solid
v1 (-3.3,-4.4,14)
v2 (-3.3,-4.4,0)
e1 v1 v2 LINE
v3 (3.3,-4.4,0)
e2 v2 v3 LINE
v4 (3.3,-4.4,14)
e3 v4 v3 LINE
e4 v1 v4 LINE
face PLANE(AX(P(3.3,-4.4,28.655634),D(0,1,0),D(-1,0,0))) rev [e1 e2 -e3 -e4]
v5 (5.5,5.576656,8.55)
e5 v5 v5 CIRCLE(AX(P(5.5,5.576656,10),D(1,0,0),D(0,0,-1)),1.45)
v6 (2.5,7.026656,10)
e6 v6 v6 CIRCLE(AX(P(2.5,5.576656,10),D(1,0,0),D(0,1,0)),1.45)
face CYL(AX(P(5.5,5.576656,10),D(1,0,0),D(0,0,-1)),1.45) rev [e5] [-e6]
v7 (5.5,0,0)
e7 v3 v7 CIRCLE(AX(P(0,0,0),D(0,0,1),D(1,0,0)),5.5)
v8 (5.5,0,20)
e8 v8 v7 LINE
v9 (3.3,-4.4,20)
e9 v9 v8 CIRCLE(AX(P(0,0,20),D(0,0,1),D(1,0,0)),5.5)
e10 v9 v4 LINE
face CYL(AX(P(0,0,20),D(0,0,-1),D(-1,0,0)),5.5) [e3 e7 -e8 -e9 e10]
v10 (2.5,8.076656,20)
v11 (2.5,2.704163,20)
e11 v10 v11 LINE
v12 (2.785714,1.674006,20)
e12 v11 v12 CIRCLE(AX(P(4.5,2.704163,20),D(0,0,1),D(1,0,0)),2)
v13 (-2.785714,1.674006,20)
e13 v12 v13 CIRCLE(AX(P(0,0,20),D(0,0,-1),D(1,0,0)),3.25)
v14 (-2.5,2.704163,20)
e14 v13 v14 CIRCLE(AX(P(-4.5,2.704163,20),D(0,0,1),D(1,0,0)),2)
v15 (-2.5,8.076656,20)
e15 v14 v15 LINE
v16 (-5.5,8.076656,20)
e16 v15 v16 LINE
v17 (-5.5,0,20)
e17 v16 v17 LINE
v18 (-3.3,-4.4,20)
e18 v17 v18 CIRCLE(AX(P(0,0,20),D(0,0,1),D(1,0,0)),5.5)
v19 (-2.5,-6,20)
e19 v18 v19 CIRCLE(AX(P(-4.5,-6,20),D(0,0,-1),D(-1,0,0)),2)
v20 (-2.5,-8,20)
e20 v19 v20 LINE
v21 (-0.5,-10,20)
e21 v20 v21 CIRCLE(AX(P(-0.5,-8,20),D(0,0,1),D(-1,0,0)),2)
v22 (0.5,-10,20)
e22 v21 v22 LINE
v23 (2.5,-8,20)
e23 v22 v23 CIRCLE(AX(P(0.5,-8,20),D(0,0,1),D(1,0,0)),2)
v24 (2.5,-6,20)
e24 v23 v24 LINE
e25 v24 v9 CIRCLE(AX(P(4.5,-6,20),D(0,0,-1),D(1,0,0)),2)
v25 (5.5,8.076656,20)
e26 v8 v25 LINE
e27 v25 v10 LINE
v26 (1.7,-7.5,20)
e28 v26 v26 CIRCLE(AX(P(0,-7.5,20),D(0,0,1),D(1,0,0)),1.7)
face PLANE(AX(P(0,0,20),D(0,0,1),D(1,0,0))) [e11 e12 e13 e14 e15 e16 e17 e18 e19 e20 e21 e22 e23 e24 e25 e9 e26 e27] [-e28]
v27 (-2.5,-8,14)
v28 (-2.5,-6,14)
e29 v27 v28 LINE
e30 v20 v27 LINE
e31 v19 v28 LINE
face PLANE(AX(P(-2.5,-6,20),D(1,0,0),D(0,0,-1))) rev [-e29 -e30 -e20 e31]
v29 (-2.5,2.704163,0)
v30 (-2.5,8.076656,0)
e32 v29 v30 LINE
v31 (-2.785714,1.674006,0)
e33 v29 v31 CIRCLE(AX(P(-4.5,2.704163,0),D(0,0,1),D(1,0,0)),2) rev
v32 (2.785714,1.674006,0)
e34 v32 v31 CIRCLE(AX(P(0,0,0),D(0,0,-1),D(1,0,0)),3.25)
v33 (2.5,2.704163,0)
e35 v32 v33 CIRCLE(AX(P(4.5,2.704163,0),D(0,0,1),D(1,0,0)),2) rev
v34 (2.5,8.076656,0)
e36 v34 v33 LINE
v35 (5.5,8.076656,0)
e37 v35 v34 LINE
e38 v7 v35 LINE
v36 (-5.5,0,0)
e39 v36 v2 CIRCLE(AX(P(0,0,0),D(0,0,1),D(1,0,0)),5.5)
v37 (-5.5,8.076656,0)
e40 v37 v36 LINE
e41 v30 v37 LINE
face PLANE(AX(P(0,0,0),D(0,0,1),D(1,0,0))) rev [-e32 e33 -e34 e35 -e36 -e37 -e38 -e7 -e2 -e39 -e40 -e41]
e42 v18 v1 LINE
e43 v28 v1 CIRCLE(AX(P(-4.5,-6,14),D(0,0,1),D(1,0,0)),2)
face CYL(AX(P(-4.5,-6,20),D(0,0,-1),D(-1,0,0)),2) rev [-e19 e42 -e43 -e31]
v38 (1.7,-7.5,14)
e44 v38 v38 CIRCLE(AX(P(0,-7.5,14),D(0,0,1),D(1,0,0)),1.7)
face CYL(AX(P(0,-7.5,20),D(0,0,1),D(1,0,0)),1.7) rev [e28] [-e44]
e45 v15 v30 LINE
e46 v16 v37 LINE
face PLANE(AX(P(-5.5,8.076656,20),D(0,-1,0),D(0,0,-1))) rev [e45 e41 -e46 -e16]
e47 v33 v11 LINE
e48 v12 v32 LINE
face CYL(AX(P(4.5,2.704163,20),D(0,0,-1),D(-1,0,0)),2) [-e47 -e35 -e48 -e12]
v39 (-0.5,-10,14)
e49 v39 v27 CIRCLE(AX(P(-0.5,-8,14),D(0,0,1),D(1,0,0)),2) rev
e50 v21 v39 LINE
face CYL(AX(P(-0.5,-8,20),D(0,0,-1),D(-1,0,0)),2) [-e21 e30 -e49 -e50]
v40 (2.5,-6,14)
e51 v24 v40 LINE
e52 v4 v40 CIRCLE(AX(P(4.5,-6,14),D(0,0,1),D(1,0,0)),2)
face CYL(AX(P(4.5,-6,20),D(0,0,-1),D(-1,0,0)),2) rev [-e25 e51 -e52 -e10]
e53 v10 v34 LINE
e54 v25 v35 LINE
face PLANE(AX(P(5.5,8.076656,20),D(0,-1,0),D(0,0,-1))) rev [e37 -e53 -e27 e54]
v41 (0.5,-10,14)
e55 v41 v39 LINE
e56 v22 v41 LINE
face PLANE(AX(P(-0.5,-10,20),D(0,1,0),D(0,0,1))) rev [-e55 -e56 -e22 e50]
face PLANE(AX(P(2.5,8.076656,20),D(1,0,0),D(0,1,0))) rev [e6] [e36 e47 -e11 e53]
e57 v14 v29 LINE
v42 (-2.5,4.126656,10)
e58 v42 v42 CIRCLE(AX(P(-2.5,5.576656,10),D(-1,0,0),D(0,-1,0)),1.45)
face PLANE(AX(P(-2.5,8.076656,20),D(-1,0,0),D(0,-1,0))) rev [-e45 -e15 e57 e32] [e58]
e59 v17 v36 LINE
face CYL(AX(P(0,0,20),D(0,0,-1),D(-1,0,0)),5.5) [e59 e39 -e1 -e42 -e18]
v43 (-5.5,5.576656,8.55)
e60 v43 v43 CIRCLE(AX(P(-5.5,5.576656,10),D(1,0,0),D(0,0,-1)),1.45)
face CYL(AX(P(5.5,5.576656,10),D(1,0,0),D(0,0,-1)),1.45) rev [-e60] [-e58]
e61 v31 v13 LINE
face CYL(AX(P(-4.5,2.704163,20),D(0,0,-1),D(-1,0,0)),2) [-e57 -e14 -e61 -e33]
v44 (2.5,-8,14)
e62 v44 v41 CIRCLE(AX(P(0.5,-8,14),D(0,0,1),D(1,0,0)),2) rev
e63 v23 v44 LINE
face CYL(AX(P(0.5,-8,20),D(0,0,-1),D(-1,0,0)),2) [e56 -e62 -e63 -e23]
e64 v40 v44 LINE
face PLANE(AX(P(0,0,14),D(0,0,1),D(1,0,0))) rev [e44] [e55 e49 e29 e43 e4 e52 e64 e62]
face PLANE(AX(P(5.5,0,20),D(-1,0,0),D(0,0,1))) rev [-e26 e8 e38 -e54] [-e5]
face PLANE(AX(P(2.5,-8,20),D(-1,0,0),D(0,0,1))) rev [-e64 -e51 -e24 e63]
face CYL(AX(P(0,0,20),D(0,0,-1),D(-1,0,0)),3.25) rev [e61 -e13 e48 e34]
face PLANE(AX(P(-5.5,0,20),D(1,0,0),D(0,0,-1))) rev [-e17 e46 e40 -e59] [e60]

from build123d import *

# Parameters (mm, degrees)
BOSS_EXTRU_1_DEPTH      = 20
D_GAGEMENT_M2_51_D      = 2.9
ENL_V_MAT_EXTRU_1_DEPTH = 14
D_GAGEMENT_M31_D        = 3.4
CONG_1_R                = 2


with BuildPart() as part:
    # Esquisse1 → Boss.-Extru.1 (new body)
    with BuildSketch(Plane.XY):
        with BuildLine():
            Line((-5.5, 0), (-5.5, 8.076655966))
            Line((-5.5, 8.076655966), (-2.5, 8.076655966))
            Line((-2.5, 8.076655966), (-2.5, 2.076655966))
            ThreePointArc((-2.5, 2.076655966), (0, -3.25), (2.5, 2.076655966))
            Line((2.5, 2.076655966), (2.5, 8.076655966))
            Line((2.5, 8.076655966), (5.5, 8.076655966))
            Line((5.5, 8.076655966), (5.5, 0))
            ThreePointArc((5.5, 0), (4.91934955, -2.459674775), (3.3, -4.4))
            ThreePointArc((3.3, -4.4), (2.711145618, -5.105572809), (2.5, -6))
            Line((2.5, -6), (2.5, -8))
            ThreePointArc((2.5, -8), (1.914213562, -9.414213562), (0.5, -10))
            Line((0.5, -10), (-0.5, -10))
            ThreePointArc((-0.5, -10), (-1.914213562, -9.414213562), (-2.5, -8))
            Line((-2.5, -8), (-2.5, -6))
            ThreePointArc((-2.5, -6), (-2.711145618, -5.105572809), (-3.3, -4.4))
            ThreePointArc((-3.3, -4.4), (-4.91934955, -2.459674775), (-5.5, 0))
        make_face()
    extrude(amount=BOSS_EXTRU_1_DEPTH)

    # Dégagement M2.51 (through all)
    with Locations(Plane(origin=(5.5, 0, 0), x_dir=(0, 0, -1), z_dir=(1, 0, 0))):
        with Locations((-10, 5.576655966)):
            Hole(D_GAGEMENT_M2_51_D / 2)

    # Esquisse5 → Enlèv. mat.-Extru.1 (cut)
    with BuildSketch(Plane(origin=(0, 0, 0), x_dir=(-1, 0, 0), z_dir=(0, 0, -1))):
        with BuildLine():
            Line((-2.5, -6), (-2.5, -8))
            ThreePointArc((-2.5, -8), (-1.914213562, -9.414213562), (-0.5, -10))
            Line((-0.5, -10), (0.5, -10))
            ThreePointArc((0.5, -10), (1.914213562, -9.414213562), (2.5, -8))
            Line((2.5, -8), (2.5, -6))
            ThreePointArc((2.5, -6), (2.711145618, -5.105572809), (3.3, -4.4))
            Line((3.3, -4.4), (-3.3, -4.4))
            ThreePointArc((-3.3, -4.4), (-2.711145618, -5.105572809), (-2.5, -6))
        make_face()
    extrude(amount=-ENL_V_MAT_EXTRU_1_DEPTH, mode=Mode.SUBTRACT)

    # Dégagement M31 (through all)
    with Locations(Plane(origin=(0, -7.5, 20), x_dir=(1, 0, 0), z_dir=(0, 0, 1))):
        with Locations((0, 0)):
            Hole(D_GAGEMENT_M31_D / 2)

    # Congé1
    cong_1_edges = [part.edges().sort_by_distance(p)[0] for p in [
        (-2.5, 2.076655966, 10),
        (2.5, 2.076655966, 10),
    ]]
    fillet(cong_1_edges, radius=CONG_1_R)


solid = part.part
